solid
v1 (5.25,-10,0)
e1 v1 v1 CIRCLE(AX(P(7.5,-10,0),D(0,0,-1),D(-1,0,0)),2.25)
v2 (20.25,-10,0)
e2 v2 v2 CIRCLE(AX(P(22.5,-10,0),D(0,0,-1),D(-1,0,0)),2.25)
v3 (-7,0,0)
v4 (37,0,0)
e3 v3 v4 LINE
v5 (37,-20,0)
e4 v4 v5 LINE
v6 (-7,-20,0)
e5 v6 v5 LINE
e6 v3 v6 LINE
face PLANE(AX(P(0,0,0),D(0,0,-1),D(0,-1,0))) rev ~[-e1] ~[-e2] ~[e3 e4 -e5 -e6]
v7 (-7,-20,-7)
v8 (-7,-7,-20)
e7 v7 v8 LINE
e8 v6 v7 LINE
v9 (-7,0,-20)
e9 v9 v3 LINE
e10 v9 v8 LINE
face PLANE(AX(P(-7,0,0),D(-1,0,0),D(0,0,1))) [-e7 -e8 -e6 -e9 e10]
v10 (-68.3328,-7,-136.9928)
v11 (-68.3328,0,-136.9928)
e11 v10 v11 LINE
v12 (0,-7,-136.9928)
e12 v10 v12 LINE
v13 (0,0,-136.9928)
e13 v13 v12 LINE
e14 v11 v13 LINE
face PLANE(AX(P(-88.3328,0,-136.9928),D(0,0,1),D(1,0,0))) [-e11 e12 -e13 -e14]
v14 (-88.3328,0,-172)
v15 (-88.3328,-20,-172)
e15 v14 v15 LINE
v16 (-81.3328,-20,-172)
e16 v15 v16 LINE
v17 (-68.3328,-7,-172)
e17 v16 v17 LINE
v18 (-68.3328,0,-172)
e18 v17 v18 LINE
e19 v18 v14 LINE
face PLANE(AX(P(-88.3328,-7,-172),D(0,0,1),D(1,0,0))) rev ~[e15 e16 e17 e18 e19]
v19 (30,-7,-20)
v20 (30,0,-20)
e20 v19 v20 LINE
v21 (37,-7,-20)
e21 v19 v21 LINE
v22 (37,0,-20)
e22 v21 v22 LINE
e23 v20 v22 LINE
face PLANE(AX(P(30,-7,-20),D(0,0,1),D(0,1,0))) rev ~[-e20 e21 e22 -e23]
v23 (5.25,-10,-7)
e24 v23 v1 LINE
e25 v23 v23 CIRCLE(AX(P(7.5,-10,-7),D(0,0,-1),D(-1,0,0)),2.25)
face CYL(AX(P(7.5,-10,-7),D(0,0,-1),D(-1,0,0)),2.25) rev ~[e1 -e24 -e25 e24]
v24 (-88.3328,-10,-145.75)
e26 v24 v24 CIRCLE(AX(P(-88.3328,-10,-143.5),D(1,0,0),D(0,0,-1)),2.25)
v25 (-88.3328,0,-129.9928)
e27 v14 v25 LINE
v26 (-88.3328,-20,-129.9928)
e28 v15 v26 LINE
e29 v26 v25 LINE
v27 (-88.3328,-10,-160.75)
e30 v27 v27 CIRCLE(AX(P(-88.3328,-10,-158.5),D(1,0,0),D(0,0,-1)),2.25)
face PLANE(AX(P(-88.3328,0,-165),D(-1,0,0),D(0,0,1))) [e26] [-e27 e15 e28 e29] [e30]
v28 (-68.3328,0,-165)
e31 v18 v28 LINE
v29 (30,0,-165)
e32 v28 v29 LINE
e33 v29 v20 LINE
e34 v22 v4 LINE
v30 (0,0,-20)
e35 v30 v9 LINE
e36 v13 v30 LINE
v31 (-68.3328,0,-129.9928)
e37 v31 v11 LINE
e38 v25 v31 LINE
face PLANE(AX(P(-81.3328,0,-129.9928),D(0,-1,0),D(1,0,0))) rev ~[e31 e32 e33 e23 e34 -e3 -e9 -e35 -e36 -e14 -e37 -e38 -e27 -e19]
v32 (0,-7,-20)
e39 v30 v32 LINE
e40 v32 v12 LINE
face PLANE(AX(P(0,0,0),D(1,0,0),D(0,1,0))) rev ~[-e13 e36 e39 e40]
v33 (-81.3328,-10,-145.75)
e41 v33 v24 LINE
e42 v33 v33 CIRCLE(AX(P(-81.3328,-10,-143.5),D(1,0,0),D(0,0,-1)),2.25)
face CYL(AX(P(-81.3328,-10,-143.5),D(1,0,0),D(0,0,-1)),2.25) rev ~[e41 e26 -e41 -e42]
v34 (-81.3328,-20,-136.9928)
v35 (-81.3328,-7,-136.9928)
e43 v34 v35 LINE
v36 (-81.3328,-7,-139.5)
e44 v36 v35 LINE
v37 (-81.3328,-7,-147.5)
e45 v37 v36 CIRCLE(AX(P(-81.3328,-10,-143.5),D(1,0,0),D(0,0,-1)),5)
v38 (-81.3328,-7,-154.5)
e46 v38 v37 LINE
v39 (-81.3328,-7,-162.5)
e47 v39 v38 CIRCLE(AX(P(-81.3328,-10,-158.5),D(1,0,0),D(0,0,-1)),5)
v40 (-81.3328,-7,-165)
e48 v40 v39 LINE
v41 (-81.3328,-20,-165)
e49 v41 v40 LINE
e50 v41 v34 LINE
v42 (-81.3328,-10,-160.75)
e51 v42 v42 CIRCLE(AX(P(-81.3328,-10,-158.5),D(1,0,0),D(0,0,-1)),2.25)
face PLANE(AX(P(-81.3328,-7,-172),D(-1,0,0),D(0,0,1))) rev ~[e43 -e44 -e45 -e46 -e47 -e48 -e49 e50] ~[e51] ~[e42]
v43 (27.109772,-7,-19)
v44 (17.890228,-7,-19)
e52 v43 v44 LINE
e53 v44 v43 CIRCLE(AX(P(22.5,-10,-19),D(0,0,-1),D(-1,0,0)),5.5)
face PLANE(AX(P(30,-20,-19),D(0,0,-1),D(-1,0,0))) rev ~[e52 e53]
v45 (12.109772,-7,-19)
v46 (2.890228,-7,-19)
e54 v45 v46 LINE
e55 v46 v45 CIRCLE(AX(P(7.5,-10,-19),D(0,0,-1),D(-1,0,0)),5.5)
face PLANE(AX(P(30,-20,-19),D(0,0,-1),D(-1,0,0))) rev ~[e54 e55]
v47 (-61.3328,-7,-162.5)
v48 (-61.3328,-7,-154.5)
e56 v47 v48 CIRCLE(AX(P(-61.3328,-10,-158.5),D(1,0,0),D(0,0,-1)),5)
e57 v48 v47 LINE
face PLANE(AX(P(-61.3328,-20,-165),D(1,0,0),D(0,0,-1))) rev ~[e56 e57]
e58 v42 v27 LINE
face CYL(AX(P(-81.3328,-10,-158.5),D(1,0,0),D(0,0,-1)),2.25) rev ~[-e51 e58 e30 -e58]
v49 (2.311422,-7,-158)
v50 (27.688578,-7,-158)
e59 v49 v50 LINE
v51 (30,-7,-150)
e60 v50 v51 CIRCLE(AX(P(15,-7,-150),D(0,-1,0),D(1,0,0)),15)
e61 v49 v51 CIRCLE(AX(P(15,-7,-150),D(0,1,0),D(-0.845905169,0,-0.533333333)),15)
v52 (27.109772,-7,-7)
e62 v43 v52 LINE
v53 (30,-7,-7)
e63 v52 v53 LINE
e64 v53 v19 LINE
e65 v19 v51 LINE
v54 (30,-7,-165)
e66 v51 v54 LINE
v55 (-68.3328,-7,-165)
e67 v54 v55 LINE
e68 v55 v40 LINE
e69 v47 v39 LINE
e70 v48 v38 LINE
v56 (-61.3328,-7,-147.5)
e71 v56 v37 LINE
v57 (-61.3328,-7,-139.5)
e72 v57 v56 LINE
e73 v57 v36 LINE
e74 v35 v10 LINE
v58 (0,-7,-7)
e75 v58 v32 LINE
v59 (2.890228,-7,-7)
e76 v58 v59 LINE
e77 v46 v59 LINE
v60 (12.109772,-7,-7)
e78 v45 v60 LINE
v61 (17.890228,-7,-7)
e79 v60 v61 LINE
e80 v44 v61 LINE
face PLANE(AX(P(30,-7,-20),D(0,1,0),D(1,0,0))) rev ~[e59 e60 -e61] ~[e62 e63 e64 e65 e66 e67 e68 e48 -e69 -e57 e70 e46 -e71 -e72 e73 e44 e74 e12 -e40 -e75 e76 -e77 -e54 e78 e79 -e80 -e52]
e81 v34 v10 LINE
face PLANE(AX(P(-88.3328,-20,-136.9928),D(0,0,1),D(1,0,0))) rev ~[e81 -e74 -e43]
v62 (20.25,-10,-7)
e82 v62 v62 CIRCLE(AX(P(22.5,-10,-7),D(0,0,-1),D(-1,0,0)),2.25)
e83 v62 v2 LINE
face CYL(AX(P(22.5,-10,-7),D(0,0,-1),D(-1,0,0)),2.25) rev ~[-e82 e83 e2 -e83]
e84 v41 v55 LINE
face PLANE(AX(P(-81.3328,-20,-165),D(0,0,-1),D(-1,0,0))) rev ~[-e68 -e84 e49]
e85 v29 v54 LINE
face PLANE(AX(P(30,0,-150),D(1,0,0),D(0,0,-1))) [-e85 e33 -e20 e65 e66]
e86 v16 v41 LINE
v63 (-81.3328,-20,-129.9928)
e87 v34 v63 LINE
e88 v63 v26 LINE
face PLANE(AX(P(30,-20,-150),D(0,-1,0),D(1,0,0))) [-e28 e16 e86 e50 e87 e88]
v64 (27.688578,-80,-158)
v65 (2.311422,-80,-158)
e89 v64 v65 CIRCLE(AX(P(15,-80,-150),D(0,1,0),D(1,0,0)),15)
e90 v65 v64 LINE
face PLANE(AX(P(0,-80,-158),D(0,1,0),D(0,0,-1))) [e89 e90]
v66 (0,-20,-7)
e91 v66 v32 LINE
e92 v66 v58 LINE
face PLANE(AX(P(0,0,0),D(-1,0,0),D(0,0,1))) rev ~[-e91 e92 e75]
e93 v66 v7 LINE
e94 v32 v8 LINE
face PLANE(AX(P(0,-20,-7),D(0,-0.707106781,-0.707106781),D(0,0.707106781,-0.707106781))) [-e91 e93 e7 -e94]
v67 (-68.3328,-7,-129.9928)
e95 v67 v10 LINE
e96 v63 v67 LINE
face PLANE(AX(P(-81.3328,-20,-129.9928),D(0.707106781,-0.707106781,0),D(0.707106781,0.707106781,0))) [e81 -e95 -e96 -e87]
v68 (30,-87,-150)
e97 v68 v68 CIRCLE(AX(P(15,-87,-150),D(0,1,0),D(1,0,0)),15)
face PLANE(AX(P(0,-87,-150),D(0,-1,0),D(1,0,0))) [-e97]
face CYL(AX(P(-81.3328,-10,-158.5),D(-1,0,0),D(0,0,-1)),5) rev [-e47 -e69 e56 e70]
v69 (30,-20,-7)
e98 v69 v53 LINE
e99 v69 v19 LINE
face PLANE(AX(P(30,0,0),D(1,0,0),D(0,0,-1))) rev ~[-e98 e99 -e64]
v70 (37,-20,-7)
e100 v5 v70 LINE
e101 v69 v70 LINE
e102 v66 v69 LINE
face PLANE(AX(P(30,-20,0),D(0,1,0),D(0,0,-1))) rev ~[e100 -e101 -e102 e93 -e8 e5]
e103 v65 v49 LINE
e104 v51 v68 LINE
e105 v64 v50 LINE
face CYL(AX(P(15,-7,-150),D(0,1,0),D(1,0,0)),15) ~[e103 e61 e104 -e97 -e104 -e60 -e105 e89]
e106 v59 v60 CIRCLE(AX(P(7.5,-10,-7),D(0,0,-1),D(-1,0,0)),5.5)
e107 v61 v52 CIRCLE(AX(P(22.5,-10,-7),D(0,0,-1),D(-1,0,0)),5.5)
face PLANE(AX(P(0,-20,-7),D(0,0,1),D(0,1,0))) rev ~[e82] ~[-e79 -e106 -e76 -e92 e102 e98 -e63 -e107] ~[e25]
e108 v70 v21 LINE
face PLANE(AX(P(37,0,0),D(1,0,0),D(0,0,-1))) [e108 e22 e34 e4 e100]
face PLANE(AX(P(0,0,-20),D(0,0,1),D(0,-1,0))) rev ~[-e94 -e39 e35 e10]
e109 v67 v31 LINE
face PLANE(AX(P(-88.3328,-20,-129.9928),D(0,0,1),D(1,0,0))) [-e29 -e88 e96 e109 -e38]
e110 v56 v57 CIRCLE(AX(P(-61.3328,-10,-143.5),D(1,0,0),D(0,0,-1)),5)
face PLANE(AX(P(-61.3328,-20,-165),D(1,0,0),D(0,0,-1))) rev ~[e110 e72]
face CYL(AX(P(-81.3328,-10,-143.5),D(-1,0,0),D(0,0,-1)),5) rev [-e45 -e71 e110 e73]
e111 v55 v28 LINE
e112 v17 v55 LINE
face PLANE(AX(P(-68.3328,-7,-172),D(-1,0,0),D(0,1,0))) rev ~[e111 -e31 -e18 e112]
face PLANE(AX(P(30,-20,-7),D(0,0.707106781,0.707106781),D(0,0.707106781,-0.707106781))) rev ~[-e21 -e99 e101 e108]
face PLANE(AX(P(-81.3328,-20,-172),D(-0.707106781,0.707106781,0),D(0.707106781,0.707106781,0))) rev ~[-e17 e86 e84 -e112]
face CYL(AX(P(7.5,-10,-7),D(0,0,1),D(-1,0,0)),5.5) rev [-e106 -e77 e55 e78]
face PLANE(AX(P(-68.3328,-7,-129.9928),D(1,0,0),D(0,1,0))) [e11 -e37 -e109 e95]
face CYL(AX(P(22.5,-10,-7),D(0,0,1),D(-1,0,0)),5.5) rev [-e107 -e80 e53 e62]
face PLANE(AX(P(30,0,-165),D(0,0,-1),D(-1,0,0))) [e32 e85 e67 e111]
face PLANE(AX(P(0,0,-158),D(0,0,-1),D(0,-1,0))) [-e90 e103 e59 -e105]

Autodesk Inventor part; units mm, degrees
ref_plane "YZ Plane" through (0, 0, 0) normal (1, 0, 0) x (0, 1, 0)
ref_plane "XZ Plane" through (0, 0, 0) normal (0, 1, 0) x (-1, 0, 0)
ref_plane "XY Plane" through (0, 0, 0) normal (0, 0, 1) x (1, 0, 0)
sketch "Sketch1" plane through (0, 0, 0) normal (1, 0, 0) x (0, 1, 0)
  line L0 (0, 0) -> (-20, 0)
  line L1 (-20, 0) -> (-20, -7)
  line L2 (-20, -7) -> (0, -7)
  line L3 (0, -7) -> (0, 0)
  line L4 (0, -7) -> (-7, -7)
  line L5 (-7, -7) -> (-7, -150)
  line L6 (-7, -150) -> (0, -150)
  line L7 (0, -150) -> (0, -7)
  dimension "d0" = 7
  dimension "d1" = 20
  dimension "d2" = 7
  dimension "d3" = 150
extrude "Extrusion1" add sketch "Sketch1" along normal blind 30
sketch "Sketch2" plane through (0, -7, -150) normal (0, -1, 0) x (1, 0, 0)
  line L0 (0, 0) -> (30, 0) projected
  circle A0 centre (15, 0) radius 15
  point P0 (0, 150)
extrude "Extrusion2" add sketch "Sketch2" along normal blind 80 and the other way blind 7
sketch "Sketch3" plane through (0, -20, -7) normal (0, 0, -1) x (-1, 0, 0)
  circle A0 centre (-7.5, 10) radius 2.25
  circle A1 centre (-22.5, 10) radius 2.25
  line L0 (0, 0) -> (-30, 0) projected
  line L1 (-30, 0) -> (-30, 13) projected
  point P0 (0, 20)
  dimension "d10" = 10
  dimension "d11" = 4.5
  dimension "d12" = 4.5
  dimension "d13" = 10
  dimension "d14" = 15
  dimension "d15" = 7.5
sketch "Sketch4" plane through (30, 0, 0) normal (1, 0, 0) x (0, 0, -1)
  line L0 (150, 0) -> (0, 0) projected
  line L1 (0, 0) -> (0, -20) projected
  line L2 (0, -20) -> (7, -20) projected
  line L3 (7, -20) -> (7, -7) projected
  line L4 (7, -7) -> (150, -7) projected
  line L5 (150, -7) -> (150, 0) projected
  line L6 (7, -20) -> (7, -7) projected
  line L7 (7, -20) -> (20, -7)
  line L8 (7, -7) -> (150, -7) projected
  line L9 (20, -7) -> (20, 0)
  dimension "d16" = 13
extrude "Extrusion3" add sketch "Sketch4" along normal blind 7 contours L9 L4 L3 L2 L1 L0 | L7 L3 L4
extrude "Extrusion4" cut sketch "Sketch3" against normal blind 7
sketch "Sketch5" plane through (0, 0, 0) normal (-1, 0, 0) x (0, 0, 1)
  line L0 (-150, 0) -> (0, 0) projected
  line L1 (-150, -7) -> (-150, 0) projected
  line L2 (-7, -7) -> (-150, -7) projected
  line L3 (-7, -20) -> (-7, -7) projected
  line L4 (0, -20) -> (-7, -20) projected
  line L5 (0, 0) -> (0, -20) projected
  line L6 (-7, -20) -> (-20, -7) projected
  line L7 (-7, -20) -> (-20, -7)
  line L8 (-20, 0) -> (-20, -7) projected
  line L9 (-20, -7) -> (-20, 0)
extrude "Extrusion5" add sketch "Sketch5" along normal blind 7 contours L0 L5 L4 L3 L2 L8 | L2 L3 L6
sketch "Sketch6" plane through (30, -20, -7) normal (0, 0, -1) x (-1, 0, 0)
  circle A0 centre (7.5, 10) radius 2.25 projected
  circle A1 centre (22.5, 10) radius 2.25 projected
  circle A2 centre (7.5, 10) radius 5.5
  circle A3 centre (22.5, 10) radius 5.5
  point P0 (30, 20)
  dimension "d23" = 11
  dimension "d24" = 11
extrude "Extrusion6" cut sketch "Sketch6" along normal blind 12
sketch "Sketch7" plane through (0, 0, 0) normal (-1, 0, 0) x (0, 0, 1)
  line L0 (-193.0937, 8.1233) -> (-158, 8.1233)
  line L1 (-158, 8.1233) -> (-158, -80)
  line L2 (-158, -80) -> (-193.0937, -80)
  line L3 (-193.0937, -80) -> (-193.0937, 8.1233)
  line L4 (-150, 0) -> (-165, 0) projected
  point P0 (0, 0)
  dimension "d27" = 80
  dimension "d28" = 7
extrude "Extrusion7" cut sketch "Sketch7" against normal blind 72
sketch "Sketch8" plane through (30, 0, -20) normal (0, 1, 0) x (1, 0, 0)
  line L0 (0, 145) -> (-118.3328, 145)
  line L1 (-118.3328, 145) -> (-118.3328, 116.9928)
  line L2 (-118.3328, 116.9928) -> (0, 116.9928)
  line L3 (0, 116.9928) -> (0, 145)
  line L4 (0, 130) -> (0, 0) projected
  arc A0 (-2.3114, 138) -> (-27.6886, 138) centre (-15, 130) ccw projected
  line L5 (-138.3328, 520) -> (-138.3328, -40) projected
  point P0 (-30, -20)
  dimension "d31" = 0
  dimension "d32" = 15
  dimension "d33" = 20
extrude "Extrusion8" add sketch "Sketch8" against normal blind 7
sketch "Sketch9" plane through (30, -7, -150) normal (0, -1, 0) x (1, 0, 0)
  line L0 (-118.3328, -22) -> (-111.3328, -22)
  line L1 (-111.3328, -22) -> (-111.3328, 20.0072)
  line L2 (-111.3328, 20.0072) -> (-118.3328, 20.0072)
  line L3 (-118.3328, 20.0072) -> (-118.3328, -22)
  line L4 (-118.3328, 13.0072) -> (-118.3328, -15) projected
  line L5 (-30, 13.0072) -> (-118.3328, 13.0072) projected
  line L6 (-118.3328, -15) -> (0, -15) projected
  point P0 (-30, 150)
  dimension "d36" = 7
  dimension "d37" = 0
  dimension "d38" = 7
  dimension "d39" = 7
extrude "Extrusion9" add sketch "Sketch9" along normal blind 13 and the other way blind 7
sketch "Sketch10" plane through (-81.3328, -20, -172) normal (0, 0, -1) x (-1, 0, 0)
  line L0 (7, 0) -> (0, 0) projected
  line L1 (0, 0) -> (-20, 20)
  line L2 (0, 20) -> (-81.3328, 20) projected
  line L3 (0, 20) -> (0, 0) projected
  line L4 (0, 13) -> (-111.3328, 13) projected
  line L5 (-13, 13) -> (-13, 20)
  dimension "d44" = 45
extrude "Extrusion10" add sketch "Sketch10" against normal blind 7 contours L1 L4 L3 | L5 L2 L3 L4
sketch "Sketch11" plane through (-88.3328, -20, -129.9928) normal (0, 0, 1) x (1, 0, 0)
  line L0 (7, 0) -> (7, 13) projected
  line L1 (20, 13) -> (27, 20) projected
  line L2 (7, 0) -> (20, 13)
  line L3 (20, 13) -> (20, 20)
  line L4 (0, 20) -> (20, 20) projected
  line L5 (7, 20) -> (7, 13)
  line L6 (7, 20) -> (7, 13) projected
  line L7 (7, 20) -> (20, 20)
  point P0 (88.3328, 20)
extrude "Extrusion11" add sketch "Sketch11" against normal blind 7
sketch "Sketch13" plane through (-81.3328, -20, -165) normal (1, 0, 0) x (0, 0, -1)
  circle A0 centre (-6.5, 10) radius 2.25
  circle A1 centre (-21.5, 10) radius 2.25
  line L0 (0, 0) -> (-28.0072, 0) projected
  line L1 (-158, 12.25) -> (-158, 7.75) projected
  line L2 (-158, 12.25) -> (-158, 7.75) projected
  line L3 (0, 0) -> (0, 13) projected
  line L4 (-28.0072, 13) -> (-28.0072, 0) projected
  point P0 (-165, 20)
  dimension "d49" = 10
  dimension "d50" = 10
  dimension "d51" = 15
  dimension "d52" = 6.5
  dimension "d53" = 6.5072
  dimension "d54" = 4.5
  dimension "d55" = 4.5
extrude "Extrusion12" cut sketch "Sketch13" against normal blind 7
sketch "Sketch15" plane through (-81.3328, -20, -165) normal (1, 0, 0) x (0, 0, -1)
  circle A0 centre (-6.5, 10) radius 2.25 projected
  circle A1 centre (-6.5, 10) radius 5
  circle A2 centre (-21.5, 10) radius 2.25 projected
  circle A3 centre (-21.5, 10) radius 5
  point P0 (-165, 20)
  dimension "d58" = 10
  dimension "d59" = 10
extrude "Extrusion13" cut sketch "Sketch15" along normal blind 20 contours A1 | A2 | A3
equation "\"d12\" = d11"
equation "\"d13\" = d10"
properties part number "SpoolHolder"
